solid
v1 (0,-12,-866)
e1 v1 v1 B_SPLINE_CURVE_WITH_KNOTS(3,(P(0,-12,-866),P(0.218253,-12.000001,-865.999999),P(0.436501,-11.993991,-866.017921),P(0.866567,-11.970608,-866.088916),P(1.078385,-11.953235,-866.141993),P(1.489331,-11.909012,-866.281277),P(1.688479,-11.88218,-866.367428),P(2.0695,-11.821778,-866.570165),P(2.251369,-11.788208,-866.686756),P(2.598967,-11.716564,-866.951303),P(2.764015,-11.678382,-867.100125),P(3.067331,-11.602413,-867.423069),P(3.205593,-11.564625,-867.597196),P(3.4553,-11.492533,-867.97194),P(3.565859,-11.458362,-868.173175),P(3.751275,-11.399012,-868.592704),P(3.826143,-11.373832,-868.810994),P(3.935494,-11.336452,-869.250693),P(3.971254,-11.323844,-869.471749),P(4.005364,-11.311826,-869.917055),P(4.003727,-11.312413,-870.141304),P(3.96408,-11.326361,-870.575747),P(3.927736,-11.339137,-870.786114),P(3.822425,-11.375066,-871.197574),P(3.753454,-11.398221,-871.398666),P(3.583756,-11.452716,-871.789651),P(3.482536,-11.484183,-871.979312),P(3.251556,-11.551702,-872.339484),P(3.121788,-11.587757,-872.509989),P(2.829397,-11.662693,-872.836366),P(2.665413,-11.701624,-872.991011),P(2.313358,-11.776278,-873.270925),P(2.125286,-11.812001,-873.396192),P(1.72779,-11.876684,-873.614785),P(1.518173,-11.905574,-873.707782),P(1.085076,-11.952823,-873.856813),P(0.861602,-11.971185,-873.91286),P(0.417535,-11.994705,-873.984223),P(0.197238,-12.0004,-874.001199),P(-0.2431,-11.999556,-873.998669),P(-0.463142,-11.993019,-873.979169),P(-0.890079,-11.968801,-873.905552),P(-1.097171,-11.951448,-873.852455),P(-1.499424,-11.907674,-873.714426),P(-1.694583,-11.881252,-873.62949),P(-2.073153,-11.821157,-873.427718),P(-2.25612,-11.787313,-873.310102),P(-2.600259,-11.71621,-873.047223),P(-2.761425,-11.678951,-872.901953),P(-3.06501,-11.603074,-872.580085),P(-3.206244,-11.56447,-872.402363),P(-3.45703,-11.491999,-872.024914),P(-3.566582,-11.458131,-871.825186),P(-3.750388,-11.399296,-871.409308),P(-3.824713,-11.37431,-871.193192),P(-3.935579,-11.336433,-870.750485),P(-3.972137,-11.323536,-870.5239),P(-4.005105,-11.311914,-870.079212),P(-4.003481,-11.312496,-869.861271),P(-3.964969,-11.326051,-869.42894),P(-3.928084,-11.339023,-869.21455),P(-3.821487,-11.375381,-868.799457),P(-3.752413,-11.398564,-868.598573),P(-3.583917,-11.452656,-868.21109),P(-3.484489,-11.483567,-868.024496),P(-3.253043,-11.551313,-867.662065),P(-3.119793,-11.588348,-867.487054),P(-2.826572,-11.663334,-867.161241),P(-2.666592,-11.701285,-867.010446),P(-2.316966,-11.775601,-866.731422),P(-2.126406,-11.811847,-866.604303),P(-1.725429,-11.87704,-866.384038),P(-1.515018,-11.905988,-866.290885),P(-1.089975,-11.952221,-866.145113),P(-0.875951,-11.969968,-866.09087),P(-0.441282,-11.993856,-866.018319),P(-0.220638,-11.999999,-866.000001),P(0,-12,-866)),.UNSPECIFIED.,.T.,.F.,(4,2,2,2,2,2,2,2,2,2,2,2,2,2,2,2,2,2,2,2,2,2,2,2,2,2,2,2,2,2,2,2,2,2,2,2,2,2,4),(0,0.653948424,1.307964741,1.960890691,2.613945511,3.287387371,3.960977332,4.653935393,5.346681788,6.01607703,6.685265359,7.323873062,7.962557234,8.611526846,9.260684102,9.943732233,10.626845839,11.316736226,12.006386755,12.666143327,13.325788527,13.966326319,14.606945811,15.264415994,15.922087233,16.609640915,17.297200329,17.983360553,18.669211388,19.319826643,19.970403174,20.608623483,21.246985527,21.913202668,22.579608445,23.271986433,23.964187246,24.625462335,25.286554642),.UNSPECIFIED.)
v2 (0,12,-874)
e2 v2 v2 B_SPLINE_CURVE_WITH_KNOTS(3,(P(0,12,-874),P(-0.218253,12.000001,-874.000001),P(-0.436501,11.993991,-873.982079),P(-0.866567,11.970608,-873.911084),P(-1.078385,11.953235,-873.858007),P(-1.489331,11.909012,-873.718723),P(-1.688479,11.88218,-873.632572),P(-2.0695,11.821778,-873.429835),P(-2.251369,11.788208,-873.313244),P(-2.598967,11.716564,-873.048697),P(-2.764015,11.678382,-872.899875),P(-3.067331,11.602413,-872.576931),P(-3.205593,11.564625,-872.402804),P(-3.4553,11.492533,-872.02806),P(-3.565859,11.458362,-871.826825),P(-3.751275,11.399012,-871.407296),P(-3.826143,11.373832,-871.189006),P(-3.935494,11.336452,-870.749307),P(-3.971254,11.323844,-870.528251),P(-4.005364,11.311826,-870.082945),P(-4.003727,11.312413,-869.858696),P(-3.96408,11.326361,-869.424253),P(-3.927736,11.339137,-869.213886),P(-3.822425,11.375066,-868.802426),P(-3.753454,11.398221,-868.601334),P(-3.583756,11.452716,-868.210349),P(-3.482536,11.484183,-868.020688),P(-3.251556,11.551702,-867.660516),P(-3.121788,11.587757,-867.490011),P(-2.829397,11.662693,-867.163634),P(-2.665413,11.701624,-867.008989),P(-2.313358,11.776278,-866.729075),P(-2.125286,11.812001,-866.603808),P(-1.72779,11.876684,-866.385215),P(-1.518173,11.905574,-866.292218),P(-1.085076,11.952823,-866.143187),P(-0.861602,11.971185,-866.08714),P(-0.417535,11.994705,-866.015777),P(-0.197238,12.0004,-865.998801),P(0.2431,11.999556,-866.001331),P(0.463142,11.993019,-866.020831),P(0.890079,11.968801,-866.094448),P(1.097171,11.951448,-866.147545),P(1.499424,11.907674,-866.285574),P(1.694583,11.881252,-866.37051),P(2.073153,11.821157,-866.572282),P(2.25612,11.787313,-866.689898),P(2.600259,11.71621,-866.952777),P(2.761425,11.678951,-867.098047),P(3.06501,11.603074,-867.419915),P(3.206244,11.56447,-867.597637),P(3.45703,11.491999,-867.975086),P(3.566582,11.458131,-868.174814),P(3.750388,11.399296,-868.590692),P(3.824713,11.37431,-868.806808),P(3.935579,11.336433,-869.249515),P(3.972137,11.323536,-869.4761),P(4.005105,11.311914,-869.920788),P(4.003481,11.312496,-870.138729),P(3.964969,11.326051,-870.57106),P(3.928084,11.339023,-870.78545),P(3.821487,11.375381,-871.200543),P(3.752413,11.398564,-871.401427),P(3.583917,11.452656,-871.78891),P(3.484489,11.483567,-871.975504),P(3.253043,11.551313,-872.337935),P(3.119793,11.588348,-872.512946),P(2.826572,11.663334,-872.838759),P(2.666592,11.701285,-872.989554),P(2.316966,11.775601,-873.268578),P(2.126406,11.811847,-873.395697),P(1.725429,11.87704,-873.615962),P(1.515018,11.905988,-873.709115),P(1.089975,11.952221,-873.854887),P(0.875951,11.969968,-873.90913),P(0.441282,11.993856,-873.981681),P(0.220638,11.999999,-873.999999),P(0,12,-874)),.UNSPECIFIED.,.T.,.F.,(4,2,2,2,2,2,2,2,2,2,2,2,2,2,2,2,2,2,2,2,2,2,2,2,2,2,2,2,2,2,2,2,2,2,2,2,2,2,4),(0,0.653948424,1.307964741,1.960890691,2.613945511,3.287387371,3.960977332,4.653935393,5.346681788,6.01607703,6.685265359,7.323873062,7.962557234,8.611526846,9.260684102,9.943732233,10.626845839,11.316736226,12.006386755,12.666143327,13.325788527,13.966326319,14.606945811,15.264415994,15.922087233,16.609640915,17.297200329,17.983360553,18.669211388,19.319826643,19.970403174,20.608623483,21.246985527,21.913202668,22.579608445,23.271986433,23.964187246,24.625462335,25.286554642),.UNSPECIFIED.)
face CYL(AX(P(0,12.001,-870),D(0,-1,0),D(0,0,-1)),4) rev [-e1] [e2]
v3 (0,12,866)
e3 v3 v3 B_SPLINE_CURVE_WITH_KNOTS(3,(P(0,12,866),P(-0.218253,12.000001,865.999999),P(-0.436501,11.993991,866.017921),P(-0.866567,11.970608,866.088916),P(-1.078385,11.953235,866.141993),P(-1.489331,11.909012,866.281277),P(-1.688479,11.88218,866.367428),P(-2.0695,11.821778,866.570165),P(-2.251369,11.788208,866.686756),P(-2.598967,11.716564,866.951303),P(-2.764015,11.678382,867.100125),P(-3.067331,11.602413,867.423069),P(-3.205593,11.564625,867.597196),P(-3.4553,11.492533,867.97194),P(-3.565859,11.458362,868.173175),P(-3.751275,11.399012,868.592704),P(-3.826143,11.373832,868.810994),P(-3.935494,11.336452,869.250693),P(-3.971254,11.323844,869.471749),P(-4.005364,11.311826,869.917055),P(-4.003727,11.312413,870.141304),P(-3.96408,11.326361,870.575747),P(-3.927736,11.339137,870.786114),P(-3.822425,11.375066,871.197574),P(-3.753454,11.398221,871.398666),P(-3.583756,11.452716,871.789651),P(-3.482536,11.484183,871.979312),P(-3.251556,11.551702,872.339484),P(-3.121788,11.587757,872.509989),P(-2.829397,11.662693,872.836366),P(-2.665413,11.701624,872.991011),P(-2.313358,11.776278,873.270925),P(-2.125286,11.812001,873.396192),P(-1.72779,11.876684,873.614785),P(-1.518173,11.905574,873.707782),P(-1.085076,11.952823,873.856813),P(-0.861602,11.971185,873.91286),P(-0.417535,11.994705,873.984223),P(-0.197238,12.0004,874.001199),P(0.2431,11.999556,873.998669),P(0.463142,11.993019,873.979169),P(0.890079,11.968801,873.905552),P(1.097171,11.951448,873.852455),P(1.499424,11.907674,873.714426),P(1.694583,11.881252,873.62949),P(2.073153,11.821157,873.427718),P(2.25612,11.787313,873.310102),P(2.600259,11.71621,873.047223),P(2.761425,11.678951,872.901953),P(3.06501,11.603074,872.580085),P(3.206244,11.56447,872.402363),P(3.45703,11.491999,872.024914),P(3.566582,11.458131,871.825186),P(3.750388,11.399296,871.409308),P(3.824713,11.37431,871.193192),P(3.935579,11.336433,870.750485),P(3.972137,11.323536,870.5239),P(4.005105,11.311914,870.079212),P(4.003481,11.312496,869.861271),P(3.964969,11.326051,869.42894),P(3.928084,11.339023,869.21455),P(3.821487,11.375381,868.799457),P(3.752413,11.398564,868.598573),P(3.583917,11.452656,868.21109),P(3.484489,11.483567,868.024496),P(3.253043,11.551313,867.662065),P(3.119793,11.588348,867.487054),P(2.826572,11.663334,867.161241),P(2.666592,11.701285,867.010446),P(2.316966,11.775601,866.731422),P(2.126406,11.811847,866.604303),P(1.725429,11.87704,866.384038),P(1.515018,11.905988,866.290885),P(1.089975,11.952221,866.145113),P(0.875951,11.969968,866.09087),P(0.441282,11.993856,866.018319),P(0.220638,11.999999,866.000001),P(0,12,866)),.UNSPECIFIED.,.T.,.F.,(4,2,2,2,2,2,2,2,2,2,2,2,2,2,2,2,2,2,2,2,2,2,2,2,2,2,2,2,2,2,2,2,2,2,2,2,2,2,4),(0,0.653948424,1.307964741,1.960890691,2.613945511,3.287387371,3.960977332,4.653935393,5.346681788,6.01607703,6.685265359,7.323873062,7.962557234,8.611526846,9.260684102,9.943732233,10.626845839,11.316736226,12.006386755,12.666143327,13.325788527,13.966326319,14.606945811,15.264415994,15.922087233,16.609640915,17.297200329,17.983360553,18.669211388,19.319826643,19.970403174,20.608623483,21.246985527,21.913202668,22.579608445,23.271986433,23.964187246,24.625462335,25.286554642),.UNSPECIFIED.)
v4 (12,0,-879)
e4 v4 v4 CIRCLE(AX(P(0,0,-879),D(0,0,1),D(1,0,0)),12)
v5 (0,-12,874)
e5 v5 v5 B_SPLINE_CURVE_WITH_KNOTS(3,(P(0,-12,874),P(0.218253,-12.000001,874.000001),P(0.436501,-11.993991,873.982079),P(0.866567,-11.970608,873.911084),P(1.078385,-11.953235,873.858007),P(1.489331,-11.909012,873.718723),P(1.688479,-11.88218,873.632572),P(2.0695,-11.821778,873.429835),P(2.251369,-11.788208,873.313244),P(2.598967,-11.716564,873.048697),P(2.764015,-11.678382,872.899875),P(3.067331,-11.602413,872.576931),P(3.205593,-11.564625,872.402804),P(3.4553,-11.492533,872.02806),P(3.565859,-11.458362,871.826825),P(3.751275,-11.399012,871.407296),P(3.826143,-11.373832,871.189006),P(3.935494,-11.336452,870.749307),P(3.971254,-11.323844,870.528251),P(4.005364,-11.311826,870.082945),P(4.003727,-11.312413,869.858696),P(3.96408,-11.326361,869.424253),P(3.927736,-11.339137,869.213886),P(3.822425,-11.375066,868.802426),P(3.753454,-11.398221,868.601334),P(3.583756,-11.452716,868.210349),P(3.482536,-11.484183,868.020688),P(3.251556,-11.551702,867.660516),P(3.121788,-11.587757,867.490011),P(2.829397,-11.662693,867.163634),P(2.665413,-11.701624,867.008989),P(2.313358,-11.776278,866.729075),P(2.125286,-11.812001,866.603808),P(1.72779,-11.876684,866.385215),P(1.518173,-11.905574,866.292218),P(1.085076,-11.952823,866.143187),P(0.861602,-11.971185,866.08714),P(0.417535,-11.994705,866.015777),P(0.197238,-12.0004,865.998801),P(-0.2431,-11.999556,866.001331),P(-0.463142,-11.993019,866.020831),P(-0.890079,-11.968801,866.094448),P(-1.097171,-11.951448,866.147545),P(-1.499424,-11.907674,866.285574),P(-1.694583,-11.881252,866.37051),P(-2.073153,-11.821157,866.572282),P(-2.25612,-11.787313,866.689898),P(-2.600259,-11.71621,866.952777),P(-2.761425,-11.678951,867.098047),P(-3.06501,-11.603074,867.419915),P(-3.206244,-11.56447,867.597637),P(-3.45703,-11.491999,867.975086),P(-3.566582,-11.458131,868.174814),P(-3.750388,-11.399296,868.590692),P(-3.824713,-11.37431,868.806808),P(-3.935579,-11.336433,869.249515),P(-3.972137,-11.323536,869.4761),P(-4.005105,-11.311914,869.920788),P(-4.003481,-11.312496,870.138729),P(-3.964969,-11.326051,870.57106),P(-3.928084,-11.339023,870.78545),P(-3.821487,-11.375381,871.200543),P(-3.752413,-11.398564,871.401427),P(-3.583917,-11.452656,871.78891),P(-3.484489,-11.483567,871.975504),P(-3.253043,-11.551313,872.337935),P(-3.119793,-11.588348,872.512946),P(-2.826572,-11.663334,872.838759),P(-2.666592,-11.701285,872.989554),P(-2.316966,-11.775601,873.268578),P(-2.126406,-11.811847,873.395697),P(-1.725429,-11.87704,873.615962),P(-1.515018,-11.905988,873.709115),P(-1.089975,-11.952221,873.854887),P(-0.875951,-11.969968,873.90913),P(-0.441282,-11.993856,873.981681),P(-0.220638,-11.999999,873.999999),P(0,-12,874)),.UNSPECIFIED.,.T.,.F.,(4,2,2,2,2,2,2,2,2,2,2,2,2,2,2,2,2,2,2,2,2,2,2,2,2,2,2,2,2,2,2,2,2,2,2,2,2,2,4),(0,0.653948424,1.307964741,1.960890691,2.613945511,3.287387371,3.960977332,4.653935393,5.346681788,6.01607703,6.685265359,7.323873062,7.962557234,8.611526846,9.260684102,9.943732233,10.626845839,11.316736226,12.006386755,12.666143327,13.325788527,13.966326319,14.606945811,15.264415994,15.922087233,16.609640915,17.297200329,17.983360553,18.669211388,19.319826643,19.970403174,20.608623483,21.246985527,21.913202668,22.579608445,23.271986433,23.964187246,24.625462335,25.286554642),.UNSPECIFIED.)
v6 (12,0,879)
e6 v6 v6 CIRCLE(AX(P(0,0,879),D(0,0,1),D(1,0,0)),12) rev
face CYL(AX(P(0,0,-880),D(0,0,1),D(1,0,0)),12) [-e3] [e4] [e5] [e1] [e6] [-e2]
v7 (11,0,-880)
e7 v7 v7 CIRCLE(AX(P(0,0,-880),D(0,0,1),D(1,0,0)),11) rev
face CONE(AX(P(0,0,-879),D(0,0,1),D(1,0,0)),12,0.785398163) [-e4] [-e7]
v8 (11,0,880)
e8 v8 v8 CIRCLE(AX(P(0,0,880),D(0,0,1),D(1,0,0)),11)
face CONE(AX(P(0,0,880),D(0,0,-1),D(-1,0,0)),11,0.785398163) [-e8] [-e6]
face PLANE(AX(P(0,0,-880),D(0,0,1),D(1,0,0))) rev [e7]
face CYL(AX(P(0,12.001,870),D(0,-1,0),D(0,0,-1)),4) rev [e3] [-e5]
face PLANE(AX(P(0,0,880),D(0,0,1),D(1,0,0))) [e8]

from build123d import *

# Parameters (mm, degrees)
DODANIE_WYCI_GNI_CIE1_DEPTH                 = 880
DODANIE_WYCI_GNI_CIE1_DEPTH_BACK            = 880
SZKIC1_R                                    = 12
WYTNIJ_WYCI_GNI_CIE1_REACH                  = 882.164
WYTNIJ_WYCI_GNI_CIE1_END_RADIUS             = 12
SZKIC2_R                                    = 4
WYTNIJ_WYCI_GNI_CIE1_DIRECTION_2_REACH      = 882.164
WYTNIJ_WYCI_GNI_CIE1_DIRECTION_2_END_RADIUS = 12
SFAZOWANIE1_SIZE                            = 1


with BuildPart() as part:
    # Szkic1 → Dodanie-wyciągnięcie1 (new, two sides: drawn at the far end of the back side and taken through both)
    with BuildSketch(Plane.XY.offset(-DODANIE_WYCI_GNI_CIE1_DEPTH_BACK)):
        Circle(SZKIC1_R)
    extrude(amount=DODANIE_WYCI_GNI_CIE1_DEPTH + DODANIE_WYCI_GNI_CIE1_DEPTH_BACK)

    # Wytnij-wyciągnięcie1: up to this cylinder (the profile starts inside it)
    wytnij_wyci_gni_cie1_end = Plane(origin=(0, 0, 0), z_dir=(0, 0, 1)) * Cylinder(WYTNIJ_WYCI_GNI_CIE1_END_RADIUS, 3529.328, mode=Mode.PRIVATE)
    # Szkic2 → Wytnij-wyciągnięcie1 (cut, up to the surface)
    with BuildSketch(Plane(origin=(0, 0, 0), x_dir=(1, 0, 0), z_dir=(0, 1, 0)), mode=Mode.PRIVATE) as wytnij_wyci_gni_cie1_sk1:
        with Locations(Location((0, 870, 0), (0, 0, 90))):
            Circle(SZKIC2_R)
    wytnij_wyci_gni_cie1_tool1 = extrude(wytnij_wyci_gni_cie1_sk1.sketch, amount=-WYTNIJ_WYCI_GNI_CIE1_REACH, mode=Mode.PRIVATE) & wytnij_wyci_gni_cie1_end
    add(wytnij_wyci_gni_cie1_tool1.solids().sort_by_distance((0, 0, -870))[0], mode=Mode.SUBTRACT)
    # Szkic2 → Wytnij-wyciągnięcie1 (cut, up to the surface)
    with BuildSketch(Plane(origin=(0, 0, 0), x_dir=(1, 0, 0), z_dir=(0, 1, 0)), mode=Mode.PRIVATE) as wytnij_wyci_gni_cie1_sk2:
        with Locations(Location((0, -870, 0), (0, 0, 90))):
            Circle(SZKIC2_R)
    wytnij_wyci_gni_cie1_tool2 = extrude(wytnij_wyci_gni_cie1_sk2.sketch, amount=-WYTNIJ_WYCI_GNI_CIE1_REACH, mode=Mode.PRIVATE) & wytnij_wyci_gni_cie1_end
    add(wytnij_wyci_gni_cie1_tool2.solids().sort_by_distance((0, 0, 870))[0], mode=Mode.SUBTRACT)

    # Wytnij-wyciągnięcie1 direction 2: up to this cylinder (the profile starts inside it)
    wytnij_wyci_gni_cie1_direction_2_end = Plane(origin=(0, 0, 0), z_dir=(0, 0, 1)) * Cylinder(WYTNIJ_WYCI_GNI_CIE1_DIRECTION_2_END_RADIUS, 3529.328, mode=Mode.PRIVATE)
    # Szkic2 → Wytnij-wyciągnięcie1 direction 2 (cut, up to the surface)
    with BuildSketch(Plane(origin=(0, 0, 0), x_dir=(1, 0, 0), z_dir=(0, 1, 0)), mode=Mode.PRIVATE) as wytnij_wyci_gni_cie1_direction_2_sk1:
        with Locations(Location((0, 870, 0), (0, 0, 90))):
            Circle(SZKIC2_R)
    wytnij_wyci_gni_cie1_direction_2_tool1 = extrude(wytnij_wyci_gni_cie1_direction_2_sk1.sketch, amount=WYTNIJ_WYCI_GNI_CIE1_DIRECTION_2_REACH, mode=Mode.PRIVATE) & wytnij_wyci_gni_cie1_direction_2_end
    add(wytnij_wyci_gni_cie1_direction_2_tool1.solids().sort_by_distance((0, 0, -870))[0], mode=Mode.SUBTRACT)
    # Szkic2 → Wytnij-wyciągnięcie1 direction 2 (cut, up to the surface)
    with BuildSketch(Plane(origin=(0, 0, 0), x_dir=(1, 0, 0), z_dir=(0, 1, 0)), mode=Mode.PRIVATE) as wytnij_wyci_gni_cie1_direction_2_sk2:
        with Locations(Location((0, -870, 0), (0, 0, 90))):
            Circle(SZKIC2_R)
    wytnij_wyci_gni_cie1_direction_2_tool2 = extrude(wytnij_wyci_gni_cie1_direction_2_sk2.sketch, amount=WYTNIJ_WYCI_GNI_CIE1_DIRECTION_2_REACH, mode=Mode.PRIVATE) & wytnij_wyci_gni_cie1_direction_2_end
    add(wytnij_wyci_gni_cie1_direction_2_tool2.solids().sort_by_distance((0, 0, 870))[0], mode=Mode.SUBTRACT)

    # Sfazowanie1
    sfazowanie1_edges = [part.edges().sort_by_distance(p)[0] for p in [
        (-12, 0, -880),
        (-12, 0, 880),
    ]]
    chamfer(sfazowanie1_edges, length=SFAZOWANIE1_SIZE)


solid = part.part
